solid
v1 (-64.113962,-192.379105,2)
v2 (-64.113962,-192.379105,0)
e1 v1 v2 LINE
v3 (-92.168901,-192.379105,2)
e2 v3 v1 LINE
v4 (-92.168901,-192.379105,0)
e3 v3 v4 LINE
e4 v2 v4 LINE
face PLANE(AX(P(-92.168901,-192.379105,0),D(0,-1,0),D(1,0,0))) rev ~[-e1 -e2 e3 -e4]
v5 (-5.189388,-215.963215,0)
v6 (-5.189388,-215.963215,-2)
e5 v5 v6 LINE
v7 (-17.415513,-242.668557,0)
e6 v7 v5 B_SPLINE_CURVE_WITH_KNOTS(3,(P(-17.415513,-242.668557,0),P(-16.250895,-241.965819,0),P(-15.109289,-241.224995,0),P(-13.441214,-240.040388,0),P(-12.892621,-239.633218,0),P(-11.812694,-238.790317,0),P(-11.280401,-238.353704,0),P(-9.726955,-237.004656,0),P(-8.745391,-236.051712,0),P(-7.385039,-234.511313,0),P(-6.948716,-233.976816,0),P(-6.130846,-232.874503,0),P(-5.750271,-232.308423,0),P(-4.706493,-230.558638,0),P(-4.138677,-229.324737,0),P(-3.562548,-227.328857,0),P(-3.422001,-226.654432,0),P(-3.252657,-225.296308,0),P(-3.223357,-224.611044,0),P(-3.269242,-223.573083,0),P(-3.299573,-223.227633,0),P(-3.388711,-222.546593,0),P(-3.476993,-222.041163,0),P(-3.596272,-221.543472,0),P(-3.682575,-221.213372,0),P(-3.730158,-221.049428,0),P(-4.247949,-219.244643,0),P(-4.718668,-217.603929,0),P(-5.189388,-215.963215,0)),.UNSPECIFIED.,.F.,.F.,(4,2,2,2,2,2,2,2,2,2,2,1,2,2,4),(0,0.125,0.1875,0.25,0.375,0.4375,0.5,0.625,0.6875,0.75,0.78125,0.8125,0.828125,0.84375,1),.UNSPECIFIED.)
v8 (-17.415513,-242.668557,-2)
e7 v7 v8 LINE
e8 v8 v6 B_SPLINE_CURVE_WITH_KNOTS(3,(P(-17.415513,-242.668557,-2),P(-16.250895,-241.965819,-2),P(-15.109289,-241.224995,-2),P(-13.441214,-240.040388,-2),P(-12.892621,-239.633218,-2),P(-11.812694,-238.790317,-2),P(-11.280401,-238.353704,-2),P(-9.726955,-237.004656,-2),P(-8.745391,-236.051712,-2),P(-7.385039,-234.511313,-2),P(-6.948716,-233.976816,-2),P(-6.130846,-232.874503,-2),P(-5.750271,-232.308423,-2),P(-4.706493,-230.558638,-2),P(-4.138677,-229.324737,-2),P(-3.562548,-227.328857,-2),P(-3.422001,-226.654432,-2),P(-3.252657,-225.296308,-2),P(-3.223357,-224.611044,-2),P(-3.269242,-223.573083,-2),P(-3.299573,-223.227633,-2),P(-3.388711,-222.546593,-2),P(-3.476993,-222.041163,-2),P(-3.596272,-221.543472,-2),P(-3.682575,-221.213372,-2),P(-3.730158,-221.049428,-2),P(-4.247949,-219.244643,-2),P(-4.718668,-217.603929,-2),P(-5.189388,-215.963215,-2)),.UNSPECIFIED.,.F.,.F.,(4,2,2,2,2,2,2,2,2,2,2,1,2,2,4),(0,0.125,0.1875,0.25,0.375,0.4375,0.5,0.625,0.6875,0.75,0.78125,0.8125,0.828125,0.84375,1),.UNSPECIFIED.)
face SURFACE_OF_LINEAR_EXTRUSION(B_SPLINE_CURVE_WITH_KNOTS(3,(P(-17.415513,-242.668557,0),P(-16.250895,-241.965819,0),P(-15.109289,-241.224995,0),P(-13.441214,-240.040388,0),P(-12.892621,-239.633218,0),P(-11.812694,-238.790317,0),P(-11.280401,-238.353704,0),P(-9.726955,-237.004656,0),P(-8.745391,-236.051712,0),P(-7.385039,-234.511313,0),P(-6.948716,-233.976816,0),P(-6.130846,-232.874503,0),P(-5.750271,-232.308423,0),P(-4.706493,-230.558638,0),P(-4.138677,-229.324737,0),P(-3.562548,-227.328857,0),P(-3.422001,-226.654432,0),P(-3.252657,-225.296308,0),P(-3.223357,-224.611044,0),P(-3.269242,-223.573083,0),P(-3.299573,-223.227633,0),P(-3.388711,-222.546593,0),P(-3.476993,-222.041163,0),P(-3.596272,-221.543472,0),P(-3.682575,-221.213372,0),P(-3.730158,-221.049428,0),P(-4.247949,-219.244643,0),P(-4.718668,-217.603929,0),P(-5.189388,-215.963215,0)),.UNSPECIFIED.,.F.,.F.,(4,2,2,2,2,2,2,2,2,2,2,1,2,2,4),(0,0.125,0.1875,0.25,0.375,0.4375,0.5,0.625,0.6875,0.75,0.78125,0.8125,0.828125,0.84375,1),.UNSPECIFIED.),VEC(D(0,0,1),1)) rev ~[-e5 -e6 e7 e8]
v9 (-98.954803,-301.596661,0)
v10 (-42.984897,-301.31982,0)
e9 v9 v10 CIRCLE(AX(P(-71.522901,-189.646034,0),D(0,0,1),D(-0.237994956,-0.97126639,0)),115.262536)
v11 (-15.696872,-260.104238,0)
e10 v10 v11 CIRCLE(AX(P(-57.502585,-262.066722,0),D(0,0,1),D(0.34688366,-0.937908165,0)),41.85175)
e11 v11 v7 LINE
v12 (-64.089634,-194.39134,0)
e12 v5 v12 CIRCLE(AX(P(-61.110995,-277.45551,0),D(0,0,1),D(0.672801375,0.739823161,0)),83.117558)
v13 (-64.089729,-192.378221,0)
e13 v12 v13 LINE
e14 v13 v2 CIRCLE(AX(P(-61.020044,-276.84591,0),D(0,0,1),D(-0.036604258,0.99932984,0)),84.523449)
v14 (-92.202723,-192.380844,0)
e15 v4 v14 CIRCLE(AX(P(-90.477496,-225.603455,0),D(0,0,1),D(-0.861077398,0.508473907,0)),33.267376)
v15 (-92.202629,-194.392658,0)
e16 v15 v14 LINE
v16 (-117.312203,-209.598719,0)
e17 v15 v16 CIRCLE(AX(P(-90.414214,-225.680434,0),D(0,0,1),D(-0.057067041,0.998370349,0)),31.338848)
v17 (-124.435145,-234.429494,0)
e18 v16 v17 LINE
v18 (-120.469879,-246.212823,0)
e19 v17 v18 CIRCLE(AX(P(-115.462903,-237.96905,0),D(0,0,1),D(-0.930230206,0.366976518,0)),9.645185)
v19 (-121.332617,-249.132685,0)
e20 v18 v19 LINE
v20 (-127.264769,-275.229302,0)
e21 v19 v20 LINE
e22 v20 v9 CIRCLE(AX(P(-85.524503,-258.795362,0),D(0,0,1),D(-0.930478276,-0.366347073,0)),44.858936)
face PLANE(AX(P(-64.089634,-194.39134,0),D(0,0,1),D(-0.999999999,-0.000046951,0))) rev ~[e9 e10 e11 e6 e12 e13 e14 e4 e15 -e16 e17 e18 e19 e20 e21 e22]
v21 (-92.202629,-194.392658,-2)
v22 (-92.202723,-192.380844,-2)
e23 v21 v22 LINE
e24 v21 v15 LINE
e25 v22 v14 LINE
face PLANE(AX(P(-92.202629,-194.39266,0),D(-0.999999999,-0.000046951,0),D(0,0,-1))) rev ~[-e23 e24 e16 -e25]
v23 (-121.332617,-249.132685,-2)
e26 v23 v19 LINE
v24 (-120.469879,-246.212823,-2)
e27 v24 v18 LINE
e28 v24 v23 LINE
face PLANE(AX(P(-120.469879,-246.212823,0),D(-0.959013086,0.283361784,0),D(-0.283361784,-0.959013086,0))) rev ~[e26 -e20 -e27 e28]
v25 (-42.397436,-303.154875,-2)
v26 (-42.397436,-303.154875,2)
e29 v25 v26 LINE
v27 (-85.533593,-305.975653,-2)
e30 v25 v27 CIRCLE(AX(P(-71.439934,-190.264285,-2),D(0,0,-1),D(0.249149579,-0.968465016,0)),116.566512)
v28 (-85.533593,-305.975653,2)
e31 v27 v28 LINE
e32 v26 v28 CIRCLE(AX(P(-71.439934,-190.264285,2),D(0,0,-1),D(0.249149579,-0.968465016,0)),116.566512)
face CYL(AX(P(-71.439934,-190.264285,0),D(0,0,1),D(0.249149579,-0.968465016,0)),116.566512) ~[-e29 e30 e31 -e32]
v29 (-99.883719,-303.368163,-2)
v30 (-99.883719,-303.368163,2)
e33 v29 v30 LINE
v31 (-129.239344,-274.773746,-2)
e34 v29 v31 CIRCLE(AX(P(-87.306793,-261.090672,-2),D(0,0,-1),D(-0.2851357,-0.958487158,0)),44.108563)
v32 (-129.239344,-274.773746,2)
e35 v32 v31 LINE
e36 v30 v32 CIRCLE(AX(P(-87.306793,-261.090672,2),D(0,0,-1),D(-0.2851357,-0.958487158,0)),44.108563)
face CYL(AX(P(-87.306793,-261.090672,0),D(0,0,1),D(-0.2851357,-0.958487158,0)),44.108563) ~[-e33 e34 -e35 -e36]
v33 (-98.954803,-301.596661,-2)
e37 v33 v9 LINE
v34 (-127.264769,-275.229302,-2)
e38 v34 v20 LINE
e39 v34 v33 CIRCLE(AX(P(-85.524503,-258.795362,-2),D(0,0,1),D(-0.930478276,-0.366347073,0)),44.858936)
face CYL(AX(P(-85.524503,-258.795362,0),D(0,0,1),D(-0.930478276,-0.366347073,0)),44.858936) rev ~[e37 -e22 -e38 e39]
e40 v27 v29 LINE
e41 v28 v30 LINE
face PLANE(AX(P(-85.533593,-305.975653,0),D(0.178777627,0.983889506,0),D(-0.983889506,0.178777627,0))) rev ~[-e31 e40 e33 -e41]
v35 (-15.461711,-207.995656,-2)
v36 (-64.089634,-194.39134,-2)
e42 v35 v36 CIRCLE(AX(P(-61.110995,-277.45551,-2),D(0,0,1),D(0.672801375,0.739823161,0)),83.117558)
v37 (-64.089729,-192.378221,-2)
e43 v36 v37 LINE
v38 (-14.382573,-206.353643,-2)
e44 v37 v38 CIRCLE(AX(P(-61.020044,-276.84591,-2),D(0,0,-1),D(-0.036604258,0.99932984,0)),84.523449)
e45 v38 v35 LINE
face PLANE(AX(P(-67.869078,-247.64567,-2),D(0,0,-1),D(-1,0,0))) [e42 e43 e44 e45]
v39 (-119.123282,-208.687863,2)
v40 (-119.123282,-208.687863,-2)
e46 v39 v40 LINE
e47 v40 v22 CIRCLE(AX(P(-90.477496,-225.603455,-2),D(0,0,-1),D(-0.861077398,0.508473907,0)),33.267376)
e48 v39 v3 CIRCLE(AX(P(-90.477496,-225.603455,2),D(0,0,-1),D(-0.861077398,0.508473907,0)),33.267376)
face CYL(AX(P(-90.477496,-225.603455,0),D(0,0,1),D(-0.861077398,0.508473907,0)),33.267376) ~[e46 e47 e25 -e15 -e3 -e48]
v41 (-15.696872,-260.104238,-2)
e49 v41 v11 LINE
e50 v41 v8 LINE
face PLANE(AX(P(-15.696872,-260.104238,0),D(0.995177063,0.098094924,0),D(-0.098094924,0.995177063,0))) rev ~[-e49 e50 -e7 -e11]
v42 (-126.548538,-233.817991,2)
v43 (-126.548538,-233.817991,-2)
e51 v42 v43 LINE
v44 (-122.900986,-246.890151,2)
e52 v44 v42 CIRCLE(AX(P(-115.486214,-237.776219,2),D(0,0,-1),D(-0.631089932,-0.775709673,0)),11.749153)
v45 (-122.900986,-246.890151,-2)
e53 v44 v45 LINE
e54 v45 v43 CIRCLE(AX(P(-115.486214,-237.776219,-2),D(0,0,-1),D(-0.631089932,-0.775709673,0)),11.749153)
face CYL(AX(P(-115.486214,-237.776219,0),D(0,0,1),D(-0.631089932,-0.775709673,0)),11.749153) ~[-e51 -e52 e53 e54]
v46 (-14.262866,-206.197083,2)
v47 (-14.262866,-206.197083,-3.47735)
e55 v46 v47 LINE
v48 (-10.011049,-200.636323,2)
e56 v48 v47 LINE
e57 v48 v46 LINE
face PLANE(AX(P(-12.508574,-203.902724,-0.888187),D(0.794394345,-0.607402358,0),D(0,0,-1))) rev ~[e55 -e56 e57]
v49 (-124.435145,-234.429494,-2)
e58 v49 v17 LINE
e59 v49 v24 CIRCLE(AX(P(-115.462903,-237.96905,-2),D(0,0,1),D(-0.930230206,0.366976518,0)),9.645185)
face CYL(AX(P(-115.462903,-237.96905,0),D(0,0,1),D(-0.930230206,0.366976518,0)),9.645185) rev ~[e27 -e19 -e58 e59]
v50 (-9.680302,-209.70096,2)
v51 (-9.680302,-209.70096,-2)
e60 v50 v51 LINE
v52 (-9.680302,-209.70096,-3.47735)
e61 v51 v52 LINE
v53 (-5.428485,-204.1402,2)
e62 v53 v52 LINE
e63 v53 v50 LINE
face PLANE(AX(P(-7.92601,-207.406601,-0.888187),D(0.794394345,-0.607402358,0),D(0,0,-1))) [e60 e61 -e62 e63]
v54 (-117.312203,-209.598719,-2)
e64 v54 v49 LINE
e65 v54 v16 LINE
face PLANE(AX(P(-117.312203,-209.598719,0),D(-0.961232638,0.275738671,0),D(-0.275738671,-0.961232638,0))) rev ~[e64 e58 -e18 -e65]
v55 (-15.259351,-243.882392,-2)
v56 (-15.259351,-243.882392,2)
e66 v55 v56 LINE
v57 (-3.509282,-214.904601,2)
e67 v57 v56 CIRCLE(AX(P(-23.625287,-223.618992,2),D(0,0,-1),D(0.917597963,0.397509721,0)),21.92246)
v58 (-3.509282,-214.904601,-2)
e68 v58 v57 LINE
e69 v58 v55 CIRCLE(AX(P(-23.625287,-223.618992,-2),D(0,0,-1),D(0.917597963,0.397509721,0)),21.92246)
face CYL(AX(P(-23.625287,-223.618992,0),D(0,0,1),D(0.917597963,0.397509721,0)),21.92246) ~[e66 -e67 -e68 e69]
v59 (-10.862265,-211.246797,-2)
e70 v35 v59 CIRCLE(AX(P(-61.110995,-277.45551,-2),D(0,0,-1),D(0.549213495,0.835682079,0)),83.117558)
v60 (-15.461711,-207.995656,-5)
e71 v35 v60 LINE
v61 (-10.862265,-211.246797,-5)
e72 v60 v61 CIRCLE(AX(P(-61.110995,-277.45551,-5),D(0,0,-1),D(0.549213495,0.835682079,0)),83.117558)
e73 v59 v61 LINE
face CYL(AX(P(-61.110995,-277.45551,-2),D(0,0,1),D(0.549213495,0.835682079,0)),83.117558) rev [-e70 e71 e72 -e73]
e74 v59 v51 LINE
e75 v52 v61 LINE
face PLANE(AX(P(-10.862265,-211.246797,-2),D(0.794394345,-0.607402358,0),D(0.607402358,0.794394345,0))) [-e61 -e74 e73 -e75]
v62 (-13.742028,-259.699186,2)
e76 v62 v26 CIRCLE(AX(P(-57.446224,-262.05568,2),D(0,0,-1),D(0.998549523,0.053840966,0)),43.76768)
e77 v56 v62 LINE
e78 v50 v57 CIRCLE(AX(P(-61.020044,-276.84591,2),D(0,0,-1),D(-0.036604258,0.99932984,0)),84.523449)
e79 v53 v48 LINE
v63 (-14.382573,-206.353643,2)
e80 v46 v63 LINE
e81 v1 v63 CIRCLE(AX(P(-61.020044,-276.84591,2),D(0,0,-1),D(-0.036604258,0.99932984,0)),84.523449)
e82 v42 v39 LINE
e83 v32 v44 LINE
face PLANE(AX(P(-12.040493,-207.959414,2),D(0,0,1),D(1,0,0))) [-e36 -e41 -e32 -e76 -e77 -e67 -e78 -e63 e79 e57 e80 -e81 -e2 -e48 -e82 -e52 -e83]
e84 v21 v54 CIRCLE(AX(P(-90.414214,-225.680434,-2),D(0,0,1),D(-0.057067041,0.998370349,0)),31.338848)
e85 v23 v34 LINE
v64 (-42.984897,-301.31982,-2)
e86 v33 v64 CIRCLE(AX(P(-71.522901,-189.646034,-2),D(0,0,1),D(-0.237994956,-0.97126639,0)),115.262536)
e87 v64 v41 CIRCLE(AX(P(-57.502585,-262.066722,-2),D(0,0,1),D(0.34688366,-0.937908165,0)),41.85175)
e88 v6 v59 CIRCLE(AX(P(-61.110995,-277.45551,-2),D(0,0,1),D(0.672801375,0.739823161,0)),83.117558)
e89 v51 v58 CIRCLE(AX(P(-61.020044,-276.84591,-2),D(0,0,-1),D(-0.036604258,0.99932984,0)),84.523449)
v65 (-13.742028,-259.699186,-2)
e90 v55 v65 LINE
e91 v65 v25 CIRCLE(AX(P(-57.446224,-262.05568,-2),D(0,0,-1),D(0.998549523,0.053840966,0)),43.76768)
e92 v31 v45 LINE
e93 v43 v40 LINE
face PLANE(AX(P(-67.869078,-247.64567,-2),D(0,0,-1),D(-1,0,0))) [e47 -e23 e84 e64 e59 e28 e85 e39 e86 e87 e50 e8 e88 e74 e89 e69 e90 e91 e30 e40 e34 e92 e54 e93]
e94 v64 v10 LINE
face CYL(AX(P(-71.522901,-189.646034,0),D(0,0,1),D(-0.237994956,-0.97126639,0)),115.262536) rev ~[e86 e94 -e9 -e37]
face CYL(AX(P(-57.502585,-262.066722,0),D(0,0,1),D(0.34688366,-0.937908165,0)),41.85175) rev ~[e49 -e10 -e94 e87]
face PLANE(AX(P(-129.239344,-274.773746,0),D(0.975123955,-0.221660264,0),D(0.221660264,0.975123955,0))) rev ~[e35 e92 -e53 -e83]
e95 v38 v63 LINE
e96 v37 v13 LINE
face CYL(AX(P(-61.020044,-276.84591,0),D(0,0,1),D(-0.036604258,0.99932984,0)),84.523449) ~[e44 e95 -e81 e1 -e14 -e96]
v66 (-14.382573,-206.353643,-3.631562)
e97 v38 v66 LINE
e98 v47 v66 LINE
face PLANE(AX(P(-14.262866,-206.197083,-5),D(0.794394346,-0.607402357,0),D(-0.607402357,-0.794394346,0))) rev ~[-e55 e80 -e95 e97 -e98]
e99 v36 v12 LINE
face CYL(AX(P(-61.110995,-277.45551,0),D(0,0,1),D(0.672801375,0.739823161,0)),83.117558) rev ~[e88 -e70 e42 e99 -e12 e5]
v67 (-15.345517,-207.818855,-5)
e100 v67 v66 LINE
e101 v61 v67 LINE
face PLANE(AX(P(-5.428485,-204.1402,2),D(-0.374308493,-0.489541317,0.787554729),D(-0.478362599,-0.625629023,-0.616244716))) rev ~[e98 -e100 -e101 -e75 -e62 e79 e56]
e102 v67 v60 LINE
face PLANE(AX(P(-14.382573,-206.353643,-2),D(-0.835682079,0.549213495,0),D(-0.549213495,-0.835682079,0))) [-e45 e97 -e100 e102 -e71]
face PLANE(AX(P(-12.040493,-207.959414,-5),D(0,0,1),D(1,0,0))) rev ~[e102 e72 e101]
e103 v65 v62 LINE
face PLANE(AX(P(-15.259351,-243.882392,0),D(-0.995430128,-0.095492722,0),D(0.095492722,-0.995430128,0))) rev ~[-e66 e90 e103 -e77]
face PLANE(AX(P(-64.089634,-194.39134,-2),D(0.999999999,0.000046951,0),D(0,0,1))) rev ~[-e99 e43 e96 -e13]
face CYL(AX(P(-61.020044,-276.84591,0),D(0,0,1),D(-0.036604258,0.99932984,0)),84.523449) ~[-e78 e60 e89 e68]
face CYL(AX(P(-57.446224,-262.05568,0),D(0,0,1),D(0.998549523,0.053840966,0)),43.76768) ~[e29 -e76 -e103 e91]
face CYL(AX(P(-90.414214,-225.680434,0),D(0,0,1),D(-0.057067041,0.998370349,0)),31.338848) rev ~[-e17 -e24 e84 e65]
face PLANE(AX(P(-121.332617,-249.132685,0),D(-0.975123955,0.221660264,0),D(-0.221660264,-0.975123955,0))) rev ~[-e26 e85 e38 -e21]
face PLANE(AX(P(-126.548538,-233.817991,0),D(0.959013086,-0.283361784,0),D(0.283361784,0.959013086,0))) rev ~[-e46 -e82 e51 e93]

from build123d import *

# Parameters (mm, degrees)
BOSS_EXTRUDE1_DEPTH      = 2
BOSS_EXTRUDE1_DEPTH_BACK = 2
BOSS_EXTRUDE2_DEPTH      = 2
CUT_EXTRUDE2_DEPTH       = 3
BOSS_EXTRUDE3_DEPTH      = 3
BOSS_EXTRUDE3_DEPTH_BACK = 4
BOSS_EXTRUDE4_DEPTH      = 5.768626
BOSS_EXTRUDE5_DEPTH      = 7
CUT_EXTRUDE3_DEPTH       = 106.532768689


with BuildPart() as part:
    # Sketch1 → Boss-Extrude1 (new body, two sides)
    with BuildSketch(Plane.XY) as boss_extrude1_sk:
        with BuildLine():
            ThreePointArc((-99.883719426, -303.368163267), (-118.083910473, -292.687102225), (-129.239344224, -274.773746399))
            Line((-129.239344224, -274.773746399), (-122.900985764, -246.890150727))
            ThreePointArc((-122.900985764, -246.890150727), (-126.803064599, -240.933983923), (-126.548538034, -233.817990776))
            Line((-126.548538034, -233.817990776), (-119.123281802, -208.687862835))
            ThreePointArc((-119.123281802, -208.687862835), (-107.698999343, -197.140529866), (-92.168900704, -192.379105219))
            Line((-92.168900704, -192.379105219), (-64.113961972, -192.379105219))
            ThreePointArc((-64.113961972, -192.379105219), (-31.572672129, -197.617974675), (-3.509282377, -214.904601108))
            ThreePointArc((-3.509282377, -214.904601108), (-3.309447715, -231.856766436), (-15.259350681, -243.882391671))
            Line((-15.259350681, -243.882391671), (-13.742027997, -259.699185691))
            ThreePointArc((-13.742027997, -259.699185691), (-20.907511644, -286.149918063), (-42.397436123, -303.15487454))
            ThreePointArc((-42.397436123, -303.15487454), (-63.833611273, -306.582364975), (-85.533592749, -305.975652807))
            Line((-85.533592749, -305.975652807), (-99.883719426, -303.368163267))
        make_face()
        with BuildLine():
            add(Edge.make_bspline(
                [(-17.415513131, -242.668556981), (-16.250894512, -241.965818827), (-15.109288702, -241.224994889), (-13.441213679, -240.040387525), (-12.89262097, -239.633218083), (-11.812693685, -238.790317301), (-11.280400788, -238.353703672), (-9.726955108, -237.00465557), (-8.745390801, -236.051712079), (-7.385039015, -234.511313148), (-6.948715528, -233.976815867), (-6.130845571, -232.874503238), (-5.750270787, -232.30842269), (-4.706493232, -230.558637643), (-4.138677409, -229.324736835), (-3.562547958, -227.328857227), (-3.422001152, -226.654431705), (-3.252657323, -225.296308422), (-3.223357134, -224.611043663), (-3.269242402, -223.573082537), (-3.29957286, -223.227633129), (-3.388711058, -222.546593141), (-3.476993493, -222.041163228), (-3.596272382, -221.543472132), (-3.682574516, -221.213371534), (-3.730157677, -221.049427786), (-4.247949017, -219.244642568), (-4.718668417, -217.603928734), (-5.189387817, -215.9632149)],
                knots=[0, 0, 0, 0, 0.125, 0.125, 0.1875, 0.1875, 0.25, 0.25, 0.375, 0.375, 0.4375, 0.4375, 0.5, 0.5, 0.625, 0.625, 0.6875, 0.6875, 0.75, 0.75, 0.78125, 0.78125, 0.8125, 0.828125, 0.828125, 0.84375, 0.84375, 1, 1, 1, 1], degree=3))
            ThreePointArc((-5.189387817, -215.9632149), (-32.526455477, -199.407751302), (-64.08963442, -194.391340409))
            Line((-64.08963442, -194.391340409), (-92.144573152, -194.392657625))
            Line((-92.144573152, -194.392657625), (-92.202629041, -194.392657625))
            ThreePointArc((-92.202629041, -194.392657625), (-106.647929369, -198.873907617), (-117.312202813, -209.598718803))
            Line((-117.312202813, -209.598718803), (-124.435145464, -234.429494019))
            ThreePointArc((-124.435145464, -234.429494019), (-124.604366095, -241.045289532), (-120.469878975, -246.212823))
            Line((-120.469878975, -246.212823), (-121.332617267, -249.132685018))
            Line((-121.332617267, -249.132685018), (-127.264768762, -275.229302117))
            ThreePointArc((-127.264768762, -275.229302117), (-116.098302818, -291.621676712), (-98.954802842, -301.596661178))
            ThreePointArc((-98.954802842, -301.596661178), (-70.952790665, -304.90715996), (-42.984896901, -301.319820198))
            ThreePointArc((-42.984896901, -301.319820198), (-22.606132147, -285.170975908), (-15.696872441, -260.104237885))
            Line((-15.696872441, -260.104237885), (-17.415513131, -242.668556981))
        make_face(mode=Mode.SUBTRACT)
    extrude(amount=BOSS_EXTRUDE1_DEPTH)
    extrude(boss_extrude1_sk.sketch, amount=-BOSS_EXTRUDE1_DEPTH_BACK)

    # Sketch4 → Boss-Extrude2 (add)
    with BuildSketch(Plane.XY.offset(2)):
        with BuildLine():
            Line((-121.332617267, -249.132685018), (-127.264768762, -275.229302117))
            ThreePointArc((-127.264768762, -275.229302117), (-116.098302818, -291.621676712), (-98.954802842, -301.596661178))
            ThreePointArc((-98.954802842, -301.596661178), (-70.952790665, -304.90715996), (-42.984896901, -301.319820198))
            ThreePointArc((-42.984896901, -301.319820198), (-22.606132147, -285.170975908), (-15.696872441, -260.104237885))
            Line((-15.696872441, -260.104237885), (-17.415513131, -242.668556981))
            add(Edge.make_bspline(
                [(-17.415513131, -242.668556981), (-16.250894512, -241.965818827), (-15.109288702, -241.224994889), (-13.441213679, -240.040387525), (-12.89262097, -239.633218083), (-11.812693685, -238.790317301), (-11.280400788, -238.353703672), (-9.726955108, -237.00465557), (-8.745390801, -236.051712079), (-7.385039015, -234.511313148), (-6.948715528, -233.976815867), (-6.130845571, -232.874503238), (-5.750270787, -232.30842269), (-4.706493232, -230.558637643), (-4.138677409, -229.324736835), (-3.562547958, -227.328857227), (-3.422001152, -226.654431705), (-3.252657323, -225.296308422), (-3.223357134, -224.611043663), (-3.269242402, -223.573082537), (-3.29957286, -223.227633129), (-3.388711058, -222.546593141), (-3.476993493, -222.041163228), (-3.596272382, -221.543472132), (-3.682574516, -221.213371534), (-3.730157677, -221.049427786), (-4.247949017, -219.244642568), (-4.718668417, -217.603928734), (-5.189387817, -215.9632149)],
                knots=[0, 0, 0, 0, 0.125, 0.125, 0.1875, 0.1875, 0.25, 0.25, 0.375, 0.375, 0.4375, 0.4375, 0.5, 0.5, 0.625, 0.625, 0.6875, 0.6875, 0.75, 0.75, 0.78125, 0.78125, 0.8125, 0.828125, 0.828125, 0.84375, 0.84375, 1, 1, 1, 1], degree=3))
            ThreePointArc((-5.189387817, -215.9632149), (-32.526455477, -199.407751302), (-64.08963442, -194.391340409))
            Line((-64.08963442, -194.391340409), (-92.144573152, -194.392657625))
            Line((-92.144573152, -194.392657625), (-92.202629041, -194.392657625))
            ThreePointArc((-92.202629041, -194.392657625), (-106.647929369, -198.873907617), (-117.312202813, -209.598718803))
            Line((-117.312202813, -209.598718803), (-124.435145464, -234.429494019))
            ThreePointArc((-124.435145464, -234.429494019), (-124.604366095, -241.045289532), (-120.469878975, -246.212823))
            Line((-120.469878975, -246.212823), (-121.332617267, -249.132685018))
        make_face()
    extrude(amount=-BOSS_EXTRUDE2_DEPTH)

    # Sketch5 → Cut-Extrude2 (cut)
    with BuildSketch(Plane(origin=(0.009126788, -194.388330888, 0), x_dir=(0.999999999, 4.6951e-05, 0), z_dir=(4.6951e-05, -0.999999999, 0))):
        Polygon((-92.153700041, 0), (-92.21175593, 0), (-92.21175593, -2), (-92.153700041, -2), (-64.098761279, -2), (-64.098761279, 0), align=None)
    extrude(amount=-CUT_EXTRUDE2_DEPTH, mode=Mode.SUBTRACT)

    # Sketch6 → Boss-Extrude3 (add, two sides)
    with BuildSketch(Plane(origin=(0, 0, -2), x_dir=(-1, 0, 0), z_dir=(0, 0, -1))) as boss_extrude3_sk:
        with BuildLine():
            Line((10.862265169, -211.246797097), (9.680301702, -209.700960004))
            Line((9.680301702, -209.700960004), (14.382573251, -206.353642546))
            Line((14.382573251, -206.353642546), (15.461710653, -207.995655709))
            ThreePointArc((15.461710653, -207.995655709), (13.134440717, -209.582254915), (10.862265169, -211.246797097))
        make_face()
    extrude(amount=BOSS_EXTRUDE3_DEPTH)
    extrude(boss_extrude3_sk.sketch, amount=-BOSS_EXTRUDE3_DEPTH_BACK)



with BuildPart() as body_2:
    # Sketch7 → Boss-Extrude4 (new body)
    with BuildSketch(Plane(origin=(95.075403567, -72.695663841, 0), x_dir=(0, 0, -1), z_dir=(0.794394345, -0.607402358, 0))):
        with BuildLine():
            Line((-2, -172.465094912), (5, -172.465094912))
            ThreePointArc((5, -172.465094912), (2.949747468, -167.515347444), (-2, -165.465094912))
            Line((-2, -165.465094912), (-2, -172.465094912))
        make_face()
    extrude(amount=-BOSS_EXTRUDE4_DEPTH)


with BuildPart() as part_1:
    add(part.part)

    add(body_2.part)  # Boss-Extrude5 merges body 2
    # Sketch8 → Boss-Extrude5 (add)
    with BuildSketch(Plane(origin=(0, 0, -5), x_dir=(-1, 0, 0), z_dir=(0, 0, -1))):
        Polygon((14.26286593, -206.197082701), (14.382573251, -206.353642546), (9.680301702, -209.700960004), align=None)
    extrude(amount=-BOSS_EXTRUDE5_DEPTH)

    # Sketch9 → Cut-Extrude3 (cut, through all)
    with BuildSketch(Plane(origin=(95.075403567, -72.695663841, 0), x_dir=(0, 0, -1), z_dir=(0.794394345, -0.607402358, 0))):
        Polygon((-2, -165.465094912), (5, -174.411026553), (7.216406638, -174.411026553), (7.216406638, -165.465094912), align=None)
    extrude(amount=-CUT_EXTRUDE3_DEPTH, mode=Mode.SUBTRACT)


solid = part_1.part
